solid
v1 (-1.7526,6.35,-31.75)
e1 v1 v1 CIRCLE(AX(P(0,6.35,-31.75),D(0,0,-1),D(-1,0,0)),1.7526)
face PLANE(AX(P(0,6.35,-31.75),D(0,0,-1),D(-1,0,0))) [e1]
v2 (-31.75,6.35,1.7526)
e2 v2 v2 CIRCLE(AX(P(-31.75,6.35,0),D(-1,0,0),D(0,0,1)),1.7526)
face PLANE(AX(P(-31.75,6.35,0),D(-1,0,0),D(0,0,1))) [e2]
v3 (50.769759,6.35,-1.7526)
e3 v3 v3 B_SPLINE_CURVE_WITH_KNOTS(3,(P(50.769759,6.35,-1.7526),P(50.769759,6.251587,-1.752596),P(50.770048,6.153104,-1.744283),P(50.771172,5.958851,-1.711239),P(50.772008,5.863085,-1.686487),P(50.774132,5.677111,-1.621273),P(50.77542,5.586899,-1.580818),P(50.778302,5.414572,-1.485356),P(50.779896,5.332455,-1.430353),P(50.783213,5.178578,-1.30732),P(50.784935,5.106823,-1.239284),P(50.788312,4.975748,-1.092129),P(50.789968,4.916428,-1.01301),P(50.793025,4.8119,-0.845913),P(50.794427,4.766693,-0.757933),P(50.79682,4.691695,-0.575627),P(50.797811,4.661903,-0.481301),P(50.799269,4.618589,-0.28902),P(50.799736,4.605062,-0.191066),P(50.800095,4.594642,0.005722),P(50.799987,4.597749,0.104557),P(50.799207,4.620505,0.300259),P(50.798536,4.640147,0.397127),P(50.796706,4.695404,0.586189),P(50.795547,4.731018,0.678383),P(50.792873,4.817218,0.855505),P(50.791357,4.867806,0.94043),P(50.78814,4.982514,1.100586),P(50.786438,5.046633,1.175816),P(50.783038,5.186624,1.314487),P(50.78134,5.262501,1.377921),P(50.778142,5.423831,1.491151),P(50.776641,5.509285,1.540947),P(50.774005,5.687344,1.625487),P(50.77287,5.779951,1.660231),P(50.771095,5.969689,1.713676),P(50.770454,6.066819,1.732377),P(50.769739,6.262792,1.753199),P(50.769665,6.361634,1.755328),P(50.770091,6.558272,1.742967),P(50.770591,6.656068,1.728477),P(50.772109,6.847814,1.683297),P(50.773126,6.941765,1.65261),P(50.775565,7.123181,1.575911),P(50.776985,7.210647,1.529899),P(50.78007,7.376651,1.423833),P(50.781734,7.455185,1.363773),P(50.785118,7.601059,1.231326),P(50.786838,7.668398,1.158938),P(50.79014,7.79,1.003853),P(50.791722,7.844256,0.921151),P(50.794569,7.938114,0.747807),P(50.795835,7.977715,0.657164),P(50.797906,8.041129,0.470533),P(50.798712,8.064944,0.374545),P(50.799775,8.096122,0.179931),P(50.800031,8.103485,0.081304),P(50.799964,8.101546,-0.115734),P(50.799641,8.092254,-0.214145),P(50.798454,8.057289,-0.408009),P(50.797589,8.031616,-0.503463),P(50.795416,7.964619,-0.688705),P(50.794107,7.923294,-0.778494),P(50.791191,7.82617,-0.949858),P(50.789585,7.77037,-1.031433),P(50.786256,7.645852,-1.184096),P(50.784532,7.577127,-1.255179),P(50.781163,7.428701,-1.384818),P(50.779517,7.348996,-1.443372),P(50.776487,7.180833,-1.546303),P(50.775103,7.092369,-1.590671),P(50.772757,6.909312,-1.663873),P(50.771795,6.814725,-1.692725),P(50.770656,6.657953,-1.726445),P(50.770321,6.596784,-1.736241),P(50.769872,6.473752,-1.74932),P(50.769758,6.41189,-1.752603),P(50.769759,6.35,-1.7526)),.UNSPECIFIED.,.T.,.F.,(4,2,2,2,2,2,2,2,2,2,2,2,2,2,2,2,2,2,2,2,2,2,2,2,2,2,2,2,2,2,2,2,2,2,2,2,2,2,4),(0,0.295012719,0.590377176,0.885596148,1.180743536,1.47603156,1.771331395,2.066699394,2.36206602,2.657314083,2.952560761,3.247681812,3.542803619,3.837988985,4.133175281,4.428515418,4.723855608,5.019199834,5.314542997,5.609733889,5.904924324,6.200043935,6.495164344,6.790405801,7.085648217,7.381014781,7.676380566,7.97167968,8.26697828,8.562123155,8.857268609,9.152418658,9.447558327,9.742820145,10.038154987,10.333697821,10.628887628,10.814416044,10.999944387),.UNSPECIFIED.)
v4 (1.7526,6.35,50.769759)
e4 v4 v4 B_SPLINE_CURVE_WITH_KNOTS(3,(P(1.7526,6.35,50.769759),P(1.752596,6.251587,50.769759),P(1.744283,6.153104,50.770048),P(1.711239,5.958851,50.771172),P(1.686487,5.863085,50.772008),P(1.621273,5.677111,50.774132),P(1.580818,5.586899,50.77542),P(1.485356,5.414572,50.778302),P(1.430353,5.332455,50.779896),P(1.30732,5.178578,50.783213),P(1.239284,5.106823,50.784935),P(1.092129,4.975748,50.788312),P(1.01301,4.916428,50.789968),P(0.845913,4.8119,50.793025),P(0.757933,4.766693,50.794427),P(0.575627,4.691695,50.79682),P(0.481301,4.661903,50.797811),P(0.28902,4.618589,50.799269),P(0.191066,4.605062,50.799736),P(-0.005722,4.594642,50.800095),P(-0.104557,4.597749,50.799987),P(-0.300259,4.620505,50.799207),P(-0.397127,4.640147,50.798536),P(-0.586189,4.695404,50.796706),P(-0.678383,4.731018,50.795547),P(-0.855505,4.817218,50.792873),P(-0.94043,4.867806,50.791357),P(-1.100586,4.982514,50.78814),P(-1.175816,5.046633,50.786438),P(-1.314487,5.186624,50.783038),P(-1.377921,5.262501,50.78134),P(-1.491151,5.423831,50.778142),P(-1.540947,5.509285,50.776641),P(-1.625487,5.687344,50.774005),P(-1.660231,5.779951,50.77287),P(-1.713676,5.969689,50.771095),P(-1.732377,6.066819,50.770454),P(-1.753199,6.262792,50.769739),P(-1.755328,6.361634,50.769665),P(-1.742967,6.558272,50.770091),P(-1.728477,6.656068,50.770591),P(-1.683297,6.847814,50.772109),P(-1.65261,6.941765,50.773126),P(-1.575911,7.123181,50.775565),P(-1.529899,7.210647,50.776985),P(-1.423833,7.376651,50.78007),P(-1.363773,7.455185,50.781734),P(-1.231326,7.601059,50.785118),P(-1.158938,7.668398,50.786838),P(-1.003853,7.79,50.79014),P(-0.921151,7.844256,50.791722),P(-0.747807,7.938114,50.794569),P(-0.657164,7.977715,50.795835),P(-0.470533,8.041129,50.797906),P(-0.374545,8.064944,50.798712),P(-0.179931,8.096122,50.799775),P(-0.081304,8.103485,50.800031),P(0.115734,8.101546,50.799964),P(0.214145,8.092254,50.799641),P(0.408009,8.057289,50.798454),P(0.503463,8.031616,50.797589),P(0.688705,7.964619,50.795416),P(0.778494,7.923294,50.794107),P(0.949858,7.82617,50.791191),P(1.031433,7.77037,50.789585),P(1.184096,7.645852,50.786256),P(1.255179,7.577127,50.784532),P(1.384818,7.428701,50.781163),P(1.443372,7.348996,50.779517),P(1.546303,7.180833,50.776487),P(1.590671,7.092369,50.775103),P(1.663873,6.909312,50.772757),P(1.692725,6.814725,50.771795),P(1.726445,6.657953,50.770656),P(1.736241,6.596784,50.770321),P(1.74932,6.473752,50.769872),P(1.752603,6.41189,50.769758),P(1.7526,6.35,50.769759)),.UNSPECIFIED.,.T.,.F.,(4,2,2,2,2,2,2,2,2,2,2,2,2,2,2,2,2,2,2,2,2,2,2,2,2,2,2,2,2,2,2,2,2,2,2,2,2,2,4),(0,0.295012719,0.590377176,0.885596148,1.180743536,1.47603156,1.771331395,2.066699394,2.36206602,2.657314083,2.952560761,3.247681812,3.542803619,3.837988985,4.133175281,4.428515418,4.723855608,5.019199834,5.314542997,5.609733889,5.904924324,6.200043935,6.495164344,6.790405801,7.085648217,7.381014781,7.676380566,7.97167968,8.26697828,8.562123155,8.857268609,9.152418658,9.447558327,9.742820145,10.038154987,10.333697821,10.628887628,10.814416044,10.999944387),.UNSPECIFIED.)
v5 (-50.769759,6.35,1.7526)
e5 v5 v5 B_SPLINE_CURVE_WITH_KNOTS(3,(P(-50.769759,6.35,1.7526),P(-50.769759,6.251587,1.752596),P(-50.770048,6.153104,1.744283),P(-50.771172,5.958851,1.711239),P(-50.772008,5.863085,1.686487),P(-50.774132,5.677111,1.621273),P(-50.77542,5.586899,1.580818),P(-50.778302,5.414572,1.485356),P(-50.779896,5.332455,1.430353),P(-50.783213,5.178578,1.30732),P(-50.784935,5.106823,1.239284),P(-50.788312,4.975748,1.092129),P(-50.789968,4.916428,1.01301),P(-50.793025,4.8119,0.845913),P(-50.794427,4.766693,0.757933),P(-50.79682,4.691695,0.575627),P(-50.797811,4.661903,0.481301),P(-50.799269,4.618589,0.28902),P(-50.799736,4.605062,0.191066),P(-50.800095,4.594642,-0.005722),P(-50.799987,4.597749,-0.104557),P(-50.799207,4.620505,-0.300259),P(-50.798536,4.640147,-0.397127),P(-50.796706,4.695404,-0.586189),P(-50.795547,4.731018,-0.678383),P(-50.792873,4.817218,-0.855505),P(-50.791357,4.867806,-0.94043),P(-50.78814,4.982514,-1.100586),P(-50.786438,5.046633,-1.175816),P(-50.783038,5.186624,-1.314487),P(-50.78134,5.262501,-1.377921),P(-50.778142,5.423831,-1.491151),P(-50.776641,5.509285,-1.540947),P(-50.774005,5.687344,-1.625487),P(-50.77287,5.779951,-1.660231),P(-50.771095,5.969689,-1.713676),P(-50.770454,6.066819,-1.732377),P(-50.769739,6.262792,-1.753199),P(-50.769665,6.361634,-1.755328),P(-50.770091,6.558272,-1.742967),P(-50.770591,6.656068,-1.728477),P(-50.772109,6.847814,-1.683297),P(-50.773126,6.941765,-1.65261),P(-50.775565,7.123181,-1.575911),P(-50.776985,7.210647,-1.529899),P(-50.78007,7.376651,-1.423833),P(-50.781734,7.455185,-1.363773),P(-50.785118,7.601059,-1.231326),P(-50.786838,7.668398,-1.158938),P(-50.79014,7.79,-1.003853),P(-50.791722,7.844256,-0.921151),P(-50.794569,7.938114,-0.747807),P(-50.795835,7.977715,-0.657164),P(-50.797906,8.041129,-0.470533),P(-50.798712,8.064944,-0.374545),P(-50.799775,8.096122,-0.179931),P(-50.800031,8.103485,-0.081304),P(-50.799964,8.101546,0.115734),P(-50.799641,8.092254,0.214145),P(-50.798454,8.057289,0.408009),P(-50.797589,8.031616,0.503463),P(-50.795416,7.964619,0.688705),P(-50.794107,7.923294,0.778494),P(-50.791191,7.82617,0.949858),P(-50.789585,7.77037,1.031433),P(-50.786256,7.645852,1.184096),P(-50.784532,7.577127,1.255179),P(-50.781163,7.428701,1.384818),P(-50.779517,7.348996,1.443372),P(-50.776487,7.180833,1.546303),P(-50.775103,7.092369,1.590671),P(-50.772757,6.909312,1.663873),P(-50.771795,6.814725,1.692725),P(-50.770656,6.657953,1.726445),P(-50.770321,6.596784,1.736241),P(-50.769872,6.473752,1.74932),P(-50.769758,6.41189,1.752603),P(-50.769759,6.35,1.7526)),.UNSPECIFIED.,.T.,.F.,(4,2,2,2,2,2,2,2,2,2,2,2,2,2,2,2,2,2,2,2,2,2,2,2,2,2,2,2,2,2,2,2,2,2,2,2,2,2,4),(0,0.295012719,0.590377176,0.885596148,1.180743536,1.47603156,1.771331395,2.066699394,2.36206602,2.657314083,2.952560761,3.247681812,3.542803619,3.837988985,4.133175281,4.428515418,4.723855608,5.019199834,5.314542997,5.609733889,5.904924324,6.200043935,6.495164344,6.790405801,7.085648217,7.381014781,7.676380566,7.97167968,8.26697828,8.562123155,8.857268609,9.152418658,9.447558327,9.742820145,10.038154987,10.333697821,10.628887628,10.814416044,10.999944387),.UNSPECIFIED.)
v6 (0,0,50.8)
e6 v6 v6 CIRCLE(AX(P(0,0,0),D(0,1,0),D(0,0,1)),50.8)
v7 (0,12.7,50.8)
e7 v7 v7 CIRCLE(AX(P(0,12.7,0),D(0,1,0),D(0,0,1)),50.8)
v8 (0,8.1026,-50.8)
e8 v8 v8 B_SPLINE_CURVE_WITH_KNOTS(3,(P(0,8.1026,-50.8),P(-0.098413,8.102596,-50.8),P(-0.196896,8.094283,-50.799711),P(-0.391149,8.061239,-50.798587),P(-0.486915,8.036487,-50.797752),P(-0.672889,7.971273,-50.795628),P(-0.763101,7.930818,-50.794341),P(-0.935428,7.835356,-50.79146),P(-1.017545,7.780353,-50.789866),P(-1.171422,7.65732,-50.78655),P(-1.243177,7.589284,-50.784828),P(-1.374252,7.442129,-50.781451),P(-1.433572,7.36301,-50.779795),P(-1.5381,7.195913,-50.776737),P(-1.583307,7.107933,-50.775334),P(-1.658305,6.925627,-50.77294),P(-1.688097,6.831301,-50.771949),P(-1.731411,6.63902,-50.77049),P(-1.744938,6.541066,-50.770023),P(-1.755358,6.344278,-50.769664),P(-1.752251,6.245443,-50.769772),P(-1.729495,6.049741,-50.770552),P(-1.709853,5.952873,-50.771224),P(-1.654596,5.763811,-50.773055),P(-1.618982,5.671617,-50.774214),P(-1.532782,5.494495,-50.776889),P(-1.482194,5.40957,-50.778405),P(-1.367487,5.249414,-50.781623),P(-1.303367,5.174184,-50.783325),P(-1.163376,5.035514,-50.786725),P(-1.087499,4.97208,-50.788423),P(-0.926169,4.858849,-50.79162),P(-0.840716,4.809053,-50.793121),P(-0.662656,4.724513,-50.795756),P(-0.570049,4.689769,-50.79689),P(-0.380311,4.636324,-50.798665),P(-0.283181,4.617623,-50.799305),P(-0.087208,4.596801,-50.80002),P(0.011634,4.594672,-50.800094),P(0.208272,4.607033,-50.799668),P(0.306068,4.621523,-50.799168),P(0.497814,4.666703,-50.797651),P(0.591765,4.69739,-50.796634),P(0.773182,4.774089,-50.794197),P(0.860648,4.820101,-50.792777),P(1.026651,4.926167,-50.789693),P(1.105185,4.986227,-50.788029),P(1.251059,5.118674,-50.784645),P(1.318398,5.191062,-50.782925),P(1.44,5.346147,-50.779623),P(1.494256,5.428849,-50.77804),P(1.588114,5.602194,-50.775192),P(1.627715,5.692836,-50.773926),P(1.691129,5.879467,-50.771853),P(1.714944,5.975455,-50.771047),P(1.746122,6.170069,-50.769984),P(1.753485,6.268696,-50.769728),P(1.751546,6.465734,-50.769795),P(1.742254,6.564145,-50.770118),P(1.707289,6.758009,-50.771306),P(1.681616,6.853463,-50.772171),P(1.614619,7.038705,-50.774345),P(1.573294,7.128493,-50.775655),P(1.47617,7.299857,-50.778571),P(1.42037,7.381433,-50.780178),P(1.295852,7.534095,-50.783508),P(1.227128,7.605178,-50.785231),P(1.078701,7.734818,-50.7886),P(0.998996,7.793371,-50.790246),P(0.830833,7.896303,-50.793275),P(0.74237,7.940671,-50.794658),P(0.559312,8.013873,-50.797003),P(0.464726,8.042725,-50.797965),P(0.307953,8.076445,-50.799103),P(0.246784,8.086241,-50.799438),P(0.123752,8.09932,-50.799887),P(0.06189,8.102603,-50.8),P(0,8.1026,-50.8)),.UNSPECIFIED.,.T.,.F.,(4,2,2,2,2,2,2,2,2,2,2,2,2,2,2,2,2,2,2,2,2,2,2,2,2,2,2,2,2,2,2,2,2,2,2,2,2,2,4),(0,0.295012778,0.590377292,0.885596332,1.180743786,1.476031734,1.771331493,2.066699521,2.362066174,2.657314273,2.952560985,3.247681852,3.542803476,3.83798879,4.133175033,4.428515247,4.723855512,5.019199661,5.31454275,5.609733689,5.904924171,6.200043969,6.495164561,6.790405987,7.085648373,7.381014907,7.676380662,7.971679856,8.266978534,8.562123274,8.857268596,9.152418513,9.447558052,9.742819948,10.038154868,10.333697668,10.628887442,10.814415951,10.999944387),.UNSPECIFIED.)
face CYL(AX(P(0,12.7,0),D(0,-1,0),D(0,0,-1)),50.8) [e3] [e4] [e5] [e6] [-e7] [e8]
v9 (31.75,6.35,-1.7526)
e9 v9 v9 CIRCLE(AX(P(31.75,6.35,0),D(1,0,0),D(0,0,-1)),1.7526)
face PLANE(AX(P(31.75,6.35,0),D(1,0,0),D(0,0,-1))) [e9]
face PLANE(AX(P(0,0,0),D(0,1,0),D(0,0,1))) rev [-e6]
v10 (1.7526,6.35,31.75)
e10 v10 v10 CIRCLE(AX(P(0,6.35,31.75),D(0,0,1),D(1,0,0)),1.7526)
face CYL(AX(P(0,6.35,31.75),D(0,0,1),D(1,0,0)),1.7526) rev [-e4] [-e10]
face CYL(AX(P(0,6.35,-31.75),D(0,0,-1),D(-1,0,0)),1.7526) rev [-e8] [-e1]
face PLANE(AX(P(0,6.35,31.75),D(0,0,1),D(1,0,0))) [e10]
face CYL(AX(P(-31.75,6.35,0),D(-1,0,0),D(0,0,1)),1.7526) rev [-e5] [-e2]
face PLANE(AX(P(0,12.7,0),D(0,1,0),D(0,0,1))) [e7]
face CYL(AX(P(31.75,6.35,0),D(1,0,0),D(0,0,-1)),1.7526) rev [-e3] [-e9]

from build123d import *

# Parameters (mm, degrees)
SKETCH1_R           = 50.8
BOSS_EXTRUDE1_DEPTH = 12.7
SKETCH2_R           = 1.7526
CUT_EXTRUDE1_DEPTH  = 19.05
CIRPATTERN1_COUNT   = 4


with BuildPart() as part:
    # Sketch1 → Boss-Extrude1 (new body)
    with BuildSketch(Plane(origin=(0, 0, 0), x_dir=(1, 0, 0), z_dir=(0, 1, 0))):
        with Locations(Location((0, 0, 0), (0, 0, 270))):
            Circle(SKETCH1_R)
    extrude(amount=BOSS_EXTRUDE1_DEPTH)

    # Sketch2 → Cut-Extrude1 (cut)
    with BuildSketch(Plane.XY.offset(50.8)):
        with Locations((0, 6.35)):
            Circle(SKETCH2_R)
    cut_extrude1 = extrude(amount=-CUT_EXTRUDE1_DEPTH, mode=Mode.SUBTRACT)

    # CirPattern1: Cut-Extrude1 ×4 about axis
    cirpattern1_axis = Axis((0, 0, 0), (0, 1, 0))
    for i in range(1, CIRPATTERN1_COUNT):
        add(cut_extrude1.rotate(cirpattern1_axis, i * 360 / CIRPATTERN1_COUNT), mode=Mode.SUBTRACT)


solid = part.part
